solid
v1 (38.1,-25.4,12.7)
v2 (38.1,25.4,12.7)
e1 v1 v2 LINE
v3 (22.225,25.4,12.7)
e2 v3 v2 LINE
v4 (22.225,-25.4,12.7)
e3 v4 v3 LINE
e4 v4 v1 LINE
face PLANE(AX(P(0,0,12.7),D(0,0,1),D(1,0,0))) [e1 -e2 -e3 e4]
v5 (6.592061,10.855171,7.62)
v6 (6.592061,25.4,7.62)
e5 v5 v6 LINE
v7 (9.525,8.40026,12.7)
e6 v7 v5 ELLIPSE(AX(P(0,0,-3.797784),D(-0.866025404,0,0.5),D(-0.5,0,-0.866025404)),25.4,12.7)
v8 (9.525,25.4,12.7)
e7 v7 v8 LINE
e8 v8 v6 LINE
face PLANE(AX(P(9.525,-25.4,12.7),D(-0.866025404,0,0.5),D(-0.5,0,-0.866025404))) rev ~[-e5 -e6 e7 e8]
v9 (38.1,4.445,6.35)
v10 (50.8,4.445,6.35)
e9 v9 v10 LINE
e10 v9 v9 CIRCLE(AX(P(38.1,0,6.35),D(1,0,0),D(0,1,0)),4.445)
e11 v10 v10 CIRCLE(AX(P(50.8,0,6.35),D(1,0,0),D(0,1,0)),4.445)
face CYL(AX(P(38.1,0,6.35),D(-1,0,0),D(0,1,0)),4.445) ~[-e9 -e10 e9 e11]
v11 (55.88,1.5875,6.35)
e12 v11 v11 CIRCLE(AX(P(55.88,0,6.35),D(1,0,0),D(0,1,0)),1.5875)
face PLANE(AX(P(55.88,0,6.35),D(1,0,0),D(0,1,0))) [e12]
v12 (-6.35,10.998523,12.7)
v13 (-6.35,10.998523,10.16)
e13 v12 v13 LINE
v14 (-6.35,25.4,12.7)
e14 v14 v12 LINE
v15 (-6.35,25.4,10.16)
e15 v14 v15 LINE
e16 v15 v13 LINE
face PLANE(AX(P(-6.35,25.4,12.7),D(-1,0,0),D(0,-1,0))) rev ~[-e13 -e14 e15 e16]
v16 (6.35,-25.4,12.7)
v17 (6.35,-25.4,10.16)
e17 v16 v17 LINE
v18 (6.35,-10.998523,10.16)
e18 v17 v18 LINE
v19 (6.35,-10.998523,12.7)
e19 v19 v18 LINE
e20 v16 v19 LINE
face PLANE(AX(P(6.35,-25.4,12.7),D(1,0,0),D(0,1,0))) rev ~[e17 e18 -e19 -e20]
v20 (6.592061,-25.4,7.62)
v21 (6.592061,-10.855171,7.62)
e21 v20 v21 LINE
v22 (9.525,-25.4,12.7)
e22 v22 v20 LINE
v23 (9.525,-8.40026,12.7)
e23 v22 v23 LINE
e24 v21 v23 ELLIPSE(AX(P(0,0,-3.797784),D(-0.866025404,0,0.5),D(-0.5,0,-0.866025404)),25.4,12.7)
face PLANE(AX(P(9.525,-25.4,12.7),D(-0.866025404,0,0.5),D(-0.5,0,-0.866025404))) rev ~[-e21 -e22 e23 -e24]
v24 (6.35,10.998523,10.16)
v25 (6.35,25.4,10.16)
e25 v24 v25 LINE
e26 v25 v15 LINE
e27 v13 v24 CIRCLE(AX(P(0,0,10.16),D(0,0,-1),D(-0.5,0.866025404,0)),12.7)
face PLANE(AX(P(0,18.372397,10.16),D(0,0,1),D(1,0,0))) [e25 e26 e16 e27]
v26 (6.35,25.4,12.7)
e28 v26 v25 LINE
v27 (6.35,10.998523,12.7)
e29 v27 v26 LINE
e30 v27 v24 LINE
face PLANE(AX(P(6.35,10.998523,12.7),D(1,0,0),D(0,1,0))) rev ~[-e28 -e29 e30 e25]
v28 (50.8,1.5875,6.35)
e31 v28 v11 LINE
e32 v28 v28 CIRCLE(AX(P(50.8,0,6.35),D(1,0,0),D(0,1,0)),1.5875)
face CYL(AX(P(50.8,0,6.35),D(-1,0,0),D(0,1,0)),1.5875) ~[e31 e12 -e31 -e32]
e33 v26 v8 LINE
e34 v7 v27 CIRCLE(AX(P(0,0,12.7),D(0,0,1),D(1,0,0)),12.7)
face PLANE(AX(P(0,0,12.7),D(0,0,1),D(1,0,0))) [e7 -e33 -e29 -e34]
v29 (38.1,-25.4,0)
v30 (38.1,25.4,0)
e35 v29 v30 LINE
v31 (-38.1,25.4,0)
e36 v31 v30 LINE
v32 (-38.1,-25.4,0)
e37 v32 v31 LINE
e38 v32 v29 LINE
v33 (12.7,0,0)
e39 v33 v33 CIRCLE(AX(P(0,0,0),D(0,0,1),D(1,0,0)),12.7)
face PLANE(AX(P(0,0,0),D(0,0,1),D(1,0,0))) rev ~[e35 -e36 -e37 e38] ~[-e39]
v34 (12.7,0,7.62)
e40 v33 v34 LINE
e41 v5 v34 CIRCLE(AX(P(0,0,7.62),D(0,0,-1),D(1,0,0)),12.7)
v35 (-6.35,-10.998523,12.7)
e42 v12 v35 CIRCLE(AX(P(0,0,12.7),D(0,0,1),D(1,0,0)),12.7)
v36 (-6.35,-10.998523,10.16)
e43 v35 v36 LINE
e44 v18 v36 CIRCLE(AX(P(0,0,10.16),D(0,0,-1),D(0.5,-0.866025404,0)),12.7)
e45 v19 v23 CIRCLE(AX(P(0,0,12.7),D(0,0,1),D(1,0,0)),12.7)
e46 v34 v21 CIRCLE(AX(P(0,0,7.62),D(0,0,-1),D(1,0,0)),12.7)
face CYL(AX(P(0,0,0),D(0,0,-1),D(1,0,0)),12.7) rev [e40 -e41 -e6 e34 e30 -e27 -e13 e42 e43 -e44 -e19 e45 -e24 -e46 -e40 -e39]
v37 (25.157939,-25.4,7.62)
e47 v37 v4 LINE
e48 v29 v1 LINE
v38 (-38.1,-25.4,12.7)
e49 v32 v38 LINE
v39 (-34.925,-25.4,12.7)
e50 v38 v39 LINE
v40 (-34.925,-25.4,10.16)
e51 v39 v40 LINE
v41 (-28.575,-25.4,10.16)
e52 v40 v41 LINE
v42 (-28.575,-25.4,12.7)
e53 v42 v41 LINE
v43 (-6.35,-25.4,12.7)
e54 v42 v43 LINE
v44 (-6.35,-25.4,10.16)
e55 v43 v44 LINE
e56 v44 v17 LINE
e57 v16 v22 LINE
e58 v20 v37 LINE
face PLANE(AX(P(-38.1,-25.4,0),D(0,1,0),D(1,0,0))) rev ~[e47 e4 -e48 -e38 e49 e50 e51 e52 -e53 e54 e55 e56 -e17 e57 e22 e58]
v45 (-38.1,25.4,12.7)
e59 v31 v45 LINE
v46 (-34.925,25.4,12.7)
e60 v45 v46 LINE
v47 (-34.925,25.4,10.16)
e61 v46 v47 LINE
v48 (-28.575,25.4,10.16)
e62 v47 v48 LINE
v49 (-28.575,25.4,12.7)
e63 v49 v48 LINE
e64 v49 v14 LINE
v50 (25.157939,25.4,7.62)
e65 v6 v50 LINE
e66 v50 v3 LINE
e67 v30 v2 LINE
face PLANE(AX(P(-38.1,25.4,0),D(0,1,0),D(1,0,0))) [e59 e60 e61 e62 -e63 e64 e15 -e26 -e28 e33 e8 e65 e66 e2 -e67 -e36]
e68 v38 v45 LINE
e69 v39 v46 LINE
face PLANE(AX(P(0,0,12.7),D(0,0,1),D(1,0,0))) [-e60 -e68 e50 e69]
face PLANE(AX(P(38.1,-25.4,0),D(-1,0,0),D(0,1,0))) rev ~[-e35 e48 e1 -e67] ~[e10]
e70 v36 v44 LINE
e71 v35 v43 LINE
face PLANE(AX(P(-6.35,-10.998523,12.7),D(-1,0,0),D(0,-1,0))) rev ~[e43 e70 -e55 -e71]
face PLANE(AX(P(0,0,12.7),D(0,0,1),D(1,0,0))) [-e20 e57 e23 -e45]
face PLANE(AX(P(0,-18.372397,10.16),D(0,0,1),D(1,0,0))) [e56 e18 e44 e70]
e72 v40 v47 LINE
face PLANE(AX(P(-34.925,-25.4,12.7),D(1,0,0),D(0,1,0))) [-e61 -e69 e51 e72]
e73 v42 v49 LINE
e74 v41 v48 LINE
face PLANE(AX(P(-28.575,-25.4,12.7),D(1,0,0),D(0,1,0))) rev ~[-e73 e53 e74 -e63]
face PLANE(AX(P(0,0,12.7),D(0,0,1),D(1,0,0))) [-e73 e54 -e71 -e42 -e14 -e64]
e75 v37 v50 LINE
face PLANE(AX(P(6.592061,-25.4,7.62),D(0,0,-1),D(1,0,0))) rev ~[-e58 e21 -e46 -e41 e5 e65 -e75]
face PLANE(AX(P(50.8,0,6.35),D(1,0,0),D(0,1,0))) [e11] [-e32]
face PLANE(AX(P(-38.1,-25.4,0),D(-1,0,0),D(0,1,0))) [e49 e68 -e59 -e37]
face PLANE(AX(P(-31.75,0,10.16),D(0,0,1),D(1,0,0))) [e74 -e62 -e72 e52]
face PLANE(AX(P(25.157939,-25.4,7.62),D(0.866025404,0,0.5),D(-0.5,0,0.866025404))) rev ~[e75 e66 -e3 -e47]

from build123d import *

# Parameters (mm, degrees)
F0_W     = 76.2
F0_H     = 50.8
F0_R     = 12.7
F1_DEPTH = 12.7
F2_W     = 6.35
F2_H     = 50.8
F3_DEPTH = 2.54
F5_DEPTH = 50.8
F6_R     = 4.445
F7_DEPTH = 12.7
F8_R     = 1.5875
F9_DEPTH = 5.08


with BuildPart() as f1:
    # F0 (on Top) → F1 (new body)
    with BuildSketch(Plane.XY):
        Rectangle(F0_W, F0_H)
        Circle(F0_R, mode=Mode.SUBTRACT)
    extrude(amount=F1_DEPTH)

    # F2 (on face) → F3 (cut)
    with BuildSketch(Plane.XY.offset(12.7)):
        with Locations((-31.75, 0)):
            Rectangle(F2_W, F2_H)
        with BuildLine():
            Line((-6.35, -10.9985226281), (-6.35, -25.4))
            Line((-6.35, -25.4), (6.35, -25.4))
            Line((6.35, -25.4), (6.35, -10.9985226281))
            ThreePointArc((6.35, -10.9985226281), (0, -12.7), (-6.35, -10.9985226281))
        make_face()
        with BuildLine():
            Line((6.35, 25.4), (-6.35, 25.4))
            Line((-6.35, 25.4), (-6.35, 10.9985226281))
            ThreePointArc((-6.35, 10.9985226281), (0, 12.7), (6.35, 10.9985226281))
            Line((6.35, 10.9985226281), (6.35, 25.4))
        make_face()
    extrude(amount=-F3_DEPTH, mode=Mode.SUBTRACT)

    # F4 (on face) → F5 (cut, through all)
    with BuildSketch(Plane.XZ.offset(25.4)):
        Polygon((22.225, 12.7), (9.525, 12.7), (6.5920606325, 7.62), (25.1579393675, 7.62), align=None)
    extrude(amount=-F5_DEPTH, mode=Mode.SUBTRACT)

    # F6 (on face) → F7 (join)
    with BuildSketch(Plane.YZ.offset(38.1)):
        with Locations((0, 6.35)):
            Circle(F6_R)
    extrude(amount=F7_DEPTH)

    # F8 (on face) → F9 (join)
    with BuildSketch(Plane.YZ.offset(50.8)):
        with Locations((0, 6.35)):
            Circle(F8_R)
    extrude(amount=F9_DEPTH)


solid = f1.part
